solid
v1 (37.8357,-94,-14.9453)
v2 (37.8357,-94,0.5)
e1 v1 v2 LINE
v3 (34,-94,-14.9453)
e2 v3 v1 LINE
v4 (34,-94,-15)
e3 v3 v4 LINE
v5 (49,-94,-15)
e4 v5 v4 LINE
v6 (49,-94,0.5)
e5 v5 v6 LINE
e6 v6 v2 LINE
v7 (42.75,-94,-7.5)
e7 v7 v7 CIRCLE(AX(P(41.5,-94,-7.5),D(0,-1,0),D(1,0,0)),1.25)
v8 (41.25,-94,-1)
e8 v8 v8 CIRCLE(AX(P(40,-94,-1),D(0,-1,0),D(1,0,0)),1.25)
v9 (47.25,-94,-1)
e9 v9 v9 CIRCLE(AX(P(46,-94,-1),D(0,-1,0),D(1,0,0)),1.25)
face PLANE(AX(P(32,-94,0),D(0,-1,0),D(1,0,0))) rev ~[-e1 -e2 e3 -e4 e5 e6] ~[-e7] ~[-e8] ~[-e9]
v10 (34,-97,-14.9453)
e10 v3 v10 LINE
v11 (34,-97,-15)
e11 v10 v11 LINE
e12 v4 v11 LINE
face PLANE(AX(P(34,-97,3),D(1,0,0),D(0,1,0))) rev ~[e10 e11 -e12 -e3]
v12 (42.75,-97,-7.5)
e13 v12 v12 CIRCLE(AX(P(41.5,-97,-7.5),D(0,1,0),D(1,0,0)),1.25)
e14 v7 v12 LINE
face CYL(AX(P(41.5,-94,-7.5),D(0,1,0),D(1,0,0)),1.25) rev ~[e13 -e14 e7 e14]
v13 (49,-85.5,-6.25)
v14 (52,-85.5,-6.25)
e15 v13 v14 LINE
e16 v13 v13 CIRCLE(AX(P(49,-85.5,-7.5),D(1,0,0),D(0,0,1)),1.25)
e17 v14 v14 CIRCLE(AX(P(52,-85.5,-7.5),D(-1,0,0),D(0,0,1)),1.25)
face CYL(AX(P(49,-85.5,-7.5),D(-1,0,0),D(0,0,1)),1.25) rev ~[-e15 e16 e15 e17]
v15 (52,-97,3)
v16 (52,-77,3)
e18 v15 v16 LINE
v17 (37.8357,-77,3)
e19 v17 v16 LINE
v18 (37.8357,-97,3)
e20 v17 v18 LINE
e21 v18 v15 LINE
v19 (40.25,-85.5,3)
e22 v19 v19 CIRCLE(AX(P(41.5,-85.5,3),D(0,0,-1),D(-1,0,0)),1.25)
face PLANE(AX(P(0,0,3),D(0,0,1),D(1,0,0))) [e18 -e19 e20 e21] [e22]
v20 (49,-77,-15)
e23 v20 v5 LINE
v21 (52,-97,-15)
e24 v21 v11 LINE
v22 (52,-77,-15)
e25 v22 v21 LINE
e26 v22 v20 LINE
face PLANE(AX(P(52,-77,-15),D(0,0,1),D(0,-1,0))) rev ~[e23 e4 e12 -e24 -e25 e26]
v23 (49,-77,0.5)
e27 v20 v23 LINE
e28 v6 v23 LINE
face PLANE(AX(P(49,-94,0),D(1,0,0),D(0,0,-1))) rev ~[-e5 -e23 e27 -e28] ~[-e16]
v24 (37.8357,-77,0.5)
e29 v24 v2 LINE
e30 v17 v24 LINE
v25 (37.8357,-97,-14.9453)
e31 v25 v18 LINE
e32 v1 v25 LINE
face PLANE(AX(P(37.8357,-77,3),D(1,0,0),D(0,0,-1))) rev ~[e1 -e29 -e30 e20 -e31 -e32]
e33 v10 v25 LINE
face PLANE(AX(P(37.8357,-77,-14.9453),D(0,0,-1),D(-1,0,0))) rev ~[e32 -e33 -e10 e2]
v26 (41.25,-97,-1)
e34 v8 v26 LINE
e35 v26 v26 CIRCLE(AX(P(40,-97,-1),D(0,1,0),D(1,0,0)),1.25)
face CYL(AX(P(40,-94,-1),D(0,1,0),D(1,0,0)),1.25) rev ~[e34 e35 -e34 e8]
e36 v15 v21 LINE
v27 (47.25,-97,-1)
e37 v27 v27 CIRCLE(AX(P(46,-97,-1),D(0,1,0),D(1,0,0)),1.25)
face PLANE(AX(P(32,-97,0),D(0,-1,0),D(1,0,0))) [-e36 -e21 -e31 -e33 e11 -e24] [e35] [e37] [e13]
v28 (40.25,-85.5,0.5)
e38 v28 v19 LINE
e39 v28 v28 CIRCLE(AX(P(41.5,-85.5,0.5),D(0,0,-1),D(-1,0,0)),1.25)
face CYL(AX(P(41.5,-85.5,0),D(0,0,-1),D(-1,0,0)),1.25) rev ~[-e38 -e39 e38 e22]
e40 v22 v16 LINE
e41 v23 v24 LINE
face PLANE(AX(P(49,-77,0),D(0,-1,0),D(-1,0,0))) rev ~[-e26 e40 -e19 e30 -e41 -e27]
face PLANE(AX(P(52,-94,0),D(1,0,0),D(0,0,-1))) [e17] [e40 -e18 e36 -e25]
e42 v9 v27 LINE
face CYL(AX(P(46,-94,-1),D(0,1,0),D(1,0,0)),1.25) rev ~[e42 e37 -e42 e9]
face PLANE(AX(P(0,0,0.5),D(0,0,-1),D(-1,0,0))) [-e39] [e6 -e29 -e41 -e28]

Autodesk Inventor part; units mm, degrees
ref_plane "YZ Plane" through (0, 0, 0) normal (1, 0, 0) x (0, 1, 0)
ref_plane "XZ Plane" through (0, 0, 0) normal (0, 1, 0) x (-1, 0, 0)
ref_plane "XY Plane" through (0, 0, 0) normal (0, 0, 1) x (1, 0, 0)
ref_plane "작업 평면1" through (0, 0, 0) normal (0, 0, 1) x (1, 0, 0)
sketch "스케치1" plane through (0, 0, 0) normal (0, 0, 1) x (1, 0, 0)
  line L0 (49, -94) -> (-72, -94) construction
  line L1 (49, -88) -> (49, -94) construction
  line L2 (-72, -88) -> (49, -88) construction
  line L3 (-72, -94) -> (-72, -88) construction
  line L4 (43, 88) -> (43, -88) construction
  line L5 (49, -88) -> (43, -88) construction
  line L6 (49, 88) -> (49, -88) construction
  line L7 (49, 88) -> (43, 88) construction
  line L8 (-72, -88) -> (43, -88) construction
  line L9 (43, -88) -> (43, 88) construction
  line L10 (-72, 88) -> (43, 88) construction
  line L11 (-72, 88) -> (-72, -88) construction
  circle A0 centre (-2.8299, 17.3) radius 1.35 construction
  circle A1 centre (19.1701, -17.3) radius 1.35 construction
  circle A2 centre (-24.8299, 17.3) radius 1.35 construction
  circle A3 centre (19.1701, 17.3) radius 1.35 construction
  circle A4 centre (-2.8299, -17.3) radius 1.35 construction
  circle A5 centre (-24.8299, -17.3) radius 1.35 construction
  arc A6 (-27.4299, -13.5) -> (-26.3299, -14.6) centre (-26.3299, -13.5) ccw construction
  line L12 (-27.4299, -13.5) -> (-27.4299, 13.5) construction
  arc A7 (-26.3299, 14.6) -> (-27.4299, 13.5) centre (-26.3299, 13.5) ccw construction
  line L13 (-26.3299, 14.6) -> (28.6701, 14.6) construction
  line L14 (28.6701, 14.6) -> (28.6701, -14.6) construction
  line L15 (28.6701, -14.6) -> (-26.3299, -14.6) construction
  line L16 (-72, -88) -> (43, -88) construction
  line L17 (43, -88) -> (43, 88) construction
  line L18 (-72, 88) -> (43, 88) construction
  line L19 (-72, 88) -> (-72, -88) construction
  circle A8 centre (-2.8299, 17.3) radius 1.35 construction
  circle A9 centre (19.1701, -17.3) radius 1.35 construction
  circle A10 centre (-24.8299, 17.3) radius 1.35 construction
  circle A11 centre (19.1701, 17.3) radius 1.35 construction
  circle A12 centre (-2.8299, -17.3) radius 1.35 construction
  circle A13 centre (-24.8299, -17.3) radius 1.35 construction
  arc A14 (-27.4299, -13.5) -> (-26.3299, -14.6) centre (-26.3299, -13.5) ccw construction
  line L20 (-27.4299, -13.5) -> (-27.4299, 13.5) construction
  arc A15 (-26.3299, 14.6) -> (-27.4299, 13.5) centre (-26.3299, 13.5) ccw construction
  line L21 (-26.3299, 14.6) -> (28.6701, 14.6) construction
  line L22 (28.6701, 14.6) -> (28.6701, -14.6) construction
  line L23 (28.6701, -14.6) -> (-26.3299, -14.6) construction
  line L24 (43, 88) -> (43, -88) projected
  line L25 (49, -88) -> (43, -88) projected
  line L26 (49, 88) -> (49, -88) projected
  line L27 (49, 88) -> (43, 88) projected
  line L28 (49, -94) -> (-72, -94) projected
  line L29 (49, -88) -> (49, -94) projected
  line L30 (-72, -88) -> (49, -88) projected
  line L31 (-72, -94) -> (-72, -88) projected
  line L32 (-72, -88) -> (43, -88) projected
  line L33 (43, -88) -> (43, 88) projected
  line L34 (-72, 88) -> (43, 88) projected
  line L35 (-72, 88) -> (-72, -88) projected
  circle A16 centre (-2.8299, 17.3) radius 1.35 projected
  circle A17 centre (19.1701, -17.3) radius 1.35 projected
  circle A18 centre (-24.8299, 17.3) radius 1.35 projected
  circle A19 centre (19.1701, 17.3) radius 1.35 projected
  circle A20 centre (-2.8299, -17.3) radius 1.35 projected
  circle A21 centre (-24.8299, -17.3) radius 1.35 projected
  arc A22 (-27.4299, -13.5) -> (-26.3299, -14.6) centre (-26.3299, -13.5) ccw projected
  line L36 (-27.4299, -13.5) -> (-27.4299, 13.5) projected
  arc A23 (-26.3299, 14.6) -> (-27.4299, 13.5) centre (-26.3299, 13.5) ccw projected
  line L37 (-26.3299, 14.6) -> (28.6701, 14.6) projected
  line L38 (28.6701, 14.6) -> (28.6701, -14.6) projected
  line L39 (28.6701, -14.6) -> (-26.3299, -14.6) projected
  line L40 (49, -94) -> (-72, -94) projected
  line L41 (49, -88) -> (49, -94) projected
  line L42 (-72, -88) -> (49, -88) projected
  line L43 (-72, -94) -> (-72, -88) projected
  line L44 (49, -94) -> (49, -77)
  line L45 (49, -94) -> (32, -94)
  line L46 (49, -77) -> (43, -77)
  line L47 (32, -94) -> (32, -88)
  line L48 (49, -94) -> (32, -94)
  line L49 (32, -94) -> (32, -77)
  line L50 (32, -77) -> (49, -77)
  line L51 (49, -77) -> (49, -94)
  line L52 (49, -94) -> (29, -94)
  line L53 (29, -94) -> (29, -77)
  line L54 (29, -77) -> (49, -77)
  line L55 (49, -77) -> (49, -94)
  point P0 (0, 0)
  dimension "d0" = 17
  dimension "d1" = 17
  dimension "d28" = 20
extrude "돌출1" add sketch "스케치1" along normal blind 3 contours L46 L26 L25 L24 | L24 L30 L49 L50 | L25 L29 L28 L47 L30 | L49 L30 L53 L54 | L47 L28 L53 L30
sketch "스케치2" plane through (49, -94, 0) normal (1, 0, 0) x (0, 0, -1)
  line L0 (40.7085, 16) -> (17.2915, 16) projected
  arc A0 (16.3174, 17.226) -> (17.2915, 16) centre (17.2915, 17) ccw projected
  line L1 (16.3174, 17.226) -> (28.0259, 67.6827) projected
  arc A1 (29.9741, 67.6827) -> (28.0259, 67.6827) centre (29, 67.4566) ccw projected
  line L2 (29.9741, 67.6827) -> (41.6826, 17.226) projected
  arc A2 (40.7085, 16) -> (41.6826, 17.226) centre (40.7085, 17) ccw projected
  line L3 (34.1853, 94.226) -> (45.1259, 141.3733) projected
  arc A3 (47.1, 141.1472) -> (45.1259, 141.3733) centre (46.1, 141.1472) ccw projected
  line L4 (47.1, 141.1472) -> (47.1, 46.8528) projected
  arc A4 (45.1259, 46.6267) -> (47.1, 46.8528) centre (46.1, 46.8528) ccw projected
  line L5 (45.1259, 46.6267) -> (34.1853, 93.774) projected
  arc A5 (34.1853, 94.226) -> (34.1853, 93.774) centre (35.1594, 94) ccw projected
  line L6 (10.9, 46.8528) -> (10.9, 141.1472) projected
  arc A6 (12.8741, 141.3733) -> (10.9, 141.1472) centre (11.9, 141.1472) ccw projected
  line L7 (12.8741, 141.3733) -> (23.8147, 94.226) projected
  arc A7 (23.8147, 93.774) -> (23.8147, 94.226) centre (22.8406, 94) ccw projected
  line L8 (23.8147, 93.774) -> (12.8741, 46.6267) projected
  arc A8 (10.9, 46.8528) -> (12.8741, 46.6267) centre (11.9, 46.8528) ccw projected
  line L9 (28.0259, 120.3173) -> (16.3174, 170.774) projected
  arc A9 (17.2915, 172) -> (16.3174, 170.774) centre (17.2915, 171) ccw projected
  line L10 (17.2915, 172) -> (40.7085, 172) projected
  arc A10 (41.6826, 170.774) -> (40.7085, 172) centre (40.7085, 171) ccw projected
  line L11 (41.6826, 170.774) -> (29.9741, 120.3173) projected
  arc A11 (28.0259, 120.3173) -> (29.9741, 120.3173) centre (29, 120.5434) ccw projected
  line L12 (58, 182) -> (0, 182) projected
  line L13 (0, 182) -> (0, 6) projected
  line L14 (58, 6) -> (0, 6) projected
  line L15 (58, 6) -> (58, 182) projected
  line L16 (58, 0) -> (0, 0) projected
  line L17 (58, 6) -> (58, 0) projected
  line L18 (0, 6) -> (58, 6) projected
  line L19 (0, 6) -> (0, 0) projected
  line L20 (6, 182) -> (6, 6) projected
  line L21 (0, 0) -> (0, 17) projected
  line L22 (0, 17) -> (-3, 17) projected
  line L23 (-3, 0) -> (-3, 17) projected
  line L24 (0, 0) -> (-3, 0) projected
  line L25 (-3, 0) -> (22, 0)
  line L26 (22, 0) -> (22, 17)
  line L27 (22, 17) -> (-3, 17)
  line L28 (-3, 17) -> (-3, 0)
  point P0 (0, 94)
  point P1 (0, 0)
  point P2 (22, 0)
  point P3 (22, 16)
  point P4 (16.2915, 17)
  point P5 (0, 17)
  dimension "d4" = 25
extrude "돌출2" add sketch "스케치2" along normal blind 3 contours L26 L14 L20 L27 A0 L0 | L0 A0 L27 L26 | L26 L16 L19 L14 | L14 L13 L27 L20 | L19 L24 L23 L22 L13
sketch "스케치3" plane through (32, -94, 0) normal (0, -1, 0) x (1, 0, 0)
  line L0 (20, 3) -> (20, -22) projected
  line L1 (0, 0) -> (0, 3) projected
  line L2 (20, -22) -> (0, -22)
  line L3 (0, -22) -> (0, 3)
  line L4 (0, 3) -> (20, 3)
  line L5 (20, 3) -> (20, -22)
  line L6 (20, 3) -> (-3, 3)
  line L7 (-3, 3) -> (-3, -22)
  line L8 (-3, -22) -> (20, -22)
  line L9 (20, -22) -> (20, 3)
  point P0 (-32, 0)
  point P1 (20, 3)
  point P2 (0, -22)
  dimension "d27" = 23
extrude "돌출3" add sketch "스케치3" along normal blind 3
sketch "스케치8" plane through (0, 0, 3) normal (0, 0, 1) x (1, 0, 0)
  line L0 (29, -97) -> (52, -97) projected
  line L1 (29, -77) -> (52, -77) projected
  line L2 (52, -97) -> (34, -97)
  line L3 (34, -97) -> (34, -77)
  line L4 (34, -77) -> (52, -77)
  line L5 (52, -77) -> (52, -97)
  line L6 (34, -77) -> (29, -77)
  line L7 (29, -77) -> (29, -97)
  line L8 (29, -97) -> (34, -97)
  line L9 (34, -97) -> (34, -77)
  point P0 (0, 0)
  dimension "d29" = 18
extrude "돌출8" cut sketch "스케치8" against normal blind 50 contours L7 L1 L3 L0
sketch "스케치10" plane through (52, -94, 0) normal (1, 0, 0) x (0, 0, -1)
  line L0 (-3, 17) -> (-3, -3) projected
  line L1 (22, -3) -> (-3, -3) projected
  line L2 (-3, 17) -> (17, 17)
  line L3 (17, 17) -> (17, -3)
  line L4 (17, -3) -> (-3, -3)
  line L5 (-3, -3) -> (-3, 17)
  line L6 (-3, 17) -> (15, 17)
  line L7 (15, 17) -> (15, -3)
  line L8 (15, -3) -> (-3, -3)
  line L9 (-3, -3) -> (-3, 17)
  line L10 (15, 17) -> (22, 17)
  line L11 (22, 17) -> (22, -3)
  line L12 (22, -3) -> (15, -3)
  line L13 (15, -3) -> (15, 17)
  point P0 (0, 94)
  point P1 (15, 17)
  point P2 (17, 17)
  dimension "d32" = 20
  dimension "d33" = 18
extrude "돌출9" cut sketch "스케치10" against normal blind 50 contours L2 L3 L1 L7 | L10 L11 L1 L3
sketch "스케치12" plane through (32, -94, 0) normal (0, 1, 0) x (1, 0, 0)
  circle A0 centre (14, 1) radius 1.25 projected
  circle A1 centre (8, 17) radius 1.25 projected
  circle A2 centre (8, 1) radius 1.25 projected
  circle A3 centre (14, 17) radius 1.25 projected
  line L0 (4, -3) -> (20, -3) projected
  line L1 (20, 21) -> (20, -3) projected
  line L2 (4, 21) -> (20, 21) projected
  line L3 (4, 21) -> (4, -3) projected
  circle A4 centre (14, 1) radius 1.25 projected
  arc A5 (8.2846, 1.2694) -> (7.5179, 0.8668) centre (7.785, 1.2894) ccw projected
  point P0 (-32, 0)
extrude "돌출10" cut sketch "스케치12" against normal blind 50 contours A0 | A2
sketch "스케치13" plane through (0, 0, 0) normal (0, 0, -1) x (-1, 0, 0)
  line L0 (-34, -94) -> (-34, -77) projected
  line L1 (-49, -77) -> (-34, -77) projected
  line L2 (-49, -94) -> (-49, -77) projected
  line L3 (-46.75, -94) -> (-49, -94) projected
  line L4 (-45.25, -94) -> (-46.75, -94) projected
  line L5 (-40.75, -94) -> (-45.25, -94) projected
  line L6 (-39.25, -94) -> (-40.75, -94) projected
  line L7 (-34, -94) -> (-39.25, -94) projected
  line L8 (-41.5, -94) -> (-41.5, -77)
  line L9 (-34, -85.5) -> (-49, -85.5)
  circle A0 centre (-41.5, -85.5) radius 1.25
  point P0 (0, 0)
  dimension "d38" = 2.5
extrude "돌출11" cut sketch "스케치13" against normal blind 50 contours A0 L8 L9 | L9 L8 A0 | L9 A0 L8 | L8 A0 L9
sketch "스케치14" plane through (49, -94, 0) normal (-1, 0, 0) x (0, 0, 1)
  line L0 (-15, 17) -> (-15, 0) projected
  line L1 (0, 0) -> (-15, 0) projected
  line L2 (0, 0) -> (0, 17) projected
  line L3 (-15, 17) -> (0, 17) projected
  line L4 (-15, 8.5) -> (0, 8.5)
  line L5 (0, 0) -> (-15, 0) projected
  line L6 (-7.5, 0) -> (-7.5, 17)
  circle A0 centre (-7.5, 8.5) radius 1.25
  point P0 (0, 94)
  dimension "d41" = 2.5
extrude "돌출12" cut sketch "스케치14" against normal blind 50 contours A0 L6 L4 | L4 L6 A0 | A0 L4 L6 | L4 A0 L6
sketch "스케치15" plane through (32, -94, 0) normal (0, 1, 0) x (1, 0, 0)
  arc A0 (8.75, 0) -> (7.25, 0) centre (8, 1) ccw projected
  line L0 (8.75, 0) -> (13.25, 0) projected
  arc A1 (14.75, 0) -> (13.25, 0) centre (14, 1) ccw projected
  line L1 (14.75, 0) -> (17, 0) projected
  line L2 (17, 0) -> (17, 15) projected
  line L3 (17, 15) -> (2, 15) projected
  line L4 (2, 15) -> (2, 0) projected
  line L5 (2, 0) -> (7.25, 0) projected
  line L6 (9.5, 15) -> (9.5, 0)
  line L7 (8.75, 0) -> (13.25, 0) projected
  line L8 (2, 15) -> (2, 0) projected
  line L9 (2, 7.5) -> (17, 7.5)
  circle A2 centre (9.5, 7.5) radius 1.25
  point P0 (-32, 0)
  dimension "d44" = 2.5
extrude "돌출13" cut sketch "스케치15" against normal blind 50 contours A2 L9 L6 | L6 L9 A2 | L9 A2 L6 | L6 A2 L9
sketch "스케치16" plane through (0, 0, 0) normal (0, 0, -1) x (-1, 0, 0)
  circle A0 centre (-41.5, -85.5) radius 1.25 projected
  line L0 (-34, -94) -> (-34, -77) projected
  line L1 (-49, -77) -> (-34, -77) projected
  line L2 (-49, -94) -> (-49, -77) projected
  line L3 (-46.75, -94) -> (-49, -94) projected
  line L4 (-45.25, -94) -> (-46.75, -94) projected
  line L5 (-40.75, -94) -> (-45.25, -94) projected
  line L6 (-39.25, -94) -> (-40.75, -94) projected
  line L7 (-34, -94) -> (-39.25, -94) projected
  point P0 (0, 0)
extrude "돌출14" cut sketch "스케치16" against normal blind 0.5
sketch "스케치17" plane through (34, -77, 3) normal (0, 1, 0) x (1, 0, 0)
  line L0 (18, 0) -> (0, 0) projected
  line L1 (0, 0) -> (3.8357, 0)
  line L2 (3.8357, 0) -> (3.8357, 17.9453)
  line L3 (3.8357, 17.9453) -> (0, 17.9453)
  line L4 (0, 17.9453) -> (0, 0)
  point P0 (-34, 3)
  point P1 (3.8357, 0)
extrude "돌출15" cut sketch "스케치17" against normal blind 50
properties part number "10" material "LCP 플라스틱"
